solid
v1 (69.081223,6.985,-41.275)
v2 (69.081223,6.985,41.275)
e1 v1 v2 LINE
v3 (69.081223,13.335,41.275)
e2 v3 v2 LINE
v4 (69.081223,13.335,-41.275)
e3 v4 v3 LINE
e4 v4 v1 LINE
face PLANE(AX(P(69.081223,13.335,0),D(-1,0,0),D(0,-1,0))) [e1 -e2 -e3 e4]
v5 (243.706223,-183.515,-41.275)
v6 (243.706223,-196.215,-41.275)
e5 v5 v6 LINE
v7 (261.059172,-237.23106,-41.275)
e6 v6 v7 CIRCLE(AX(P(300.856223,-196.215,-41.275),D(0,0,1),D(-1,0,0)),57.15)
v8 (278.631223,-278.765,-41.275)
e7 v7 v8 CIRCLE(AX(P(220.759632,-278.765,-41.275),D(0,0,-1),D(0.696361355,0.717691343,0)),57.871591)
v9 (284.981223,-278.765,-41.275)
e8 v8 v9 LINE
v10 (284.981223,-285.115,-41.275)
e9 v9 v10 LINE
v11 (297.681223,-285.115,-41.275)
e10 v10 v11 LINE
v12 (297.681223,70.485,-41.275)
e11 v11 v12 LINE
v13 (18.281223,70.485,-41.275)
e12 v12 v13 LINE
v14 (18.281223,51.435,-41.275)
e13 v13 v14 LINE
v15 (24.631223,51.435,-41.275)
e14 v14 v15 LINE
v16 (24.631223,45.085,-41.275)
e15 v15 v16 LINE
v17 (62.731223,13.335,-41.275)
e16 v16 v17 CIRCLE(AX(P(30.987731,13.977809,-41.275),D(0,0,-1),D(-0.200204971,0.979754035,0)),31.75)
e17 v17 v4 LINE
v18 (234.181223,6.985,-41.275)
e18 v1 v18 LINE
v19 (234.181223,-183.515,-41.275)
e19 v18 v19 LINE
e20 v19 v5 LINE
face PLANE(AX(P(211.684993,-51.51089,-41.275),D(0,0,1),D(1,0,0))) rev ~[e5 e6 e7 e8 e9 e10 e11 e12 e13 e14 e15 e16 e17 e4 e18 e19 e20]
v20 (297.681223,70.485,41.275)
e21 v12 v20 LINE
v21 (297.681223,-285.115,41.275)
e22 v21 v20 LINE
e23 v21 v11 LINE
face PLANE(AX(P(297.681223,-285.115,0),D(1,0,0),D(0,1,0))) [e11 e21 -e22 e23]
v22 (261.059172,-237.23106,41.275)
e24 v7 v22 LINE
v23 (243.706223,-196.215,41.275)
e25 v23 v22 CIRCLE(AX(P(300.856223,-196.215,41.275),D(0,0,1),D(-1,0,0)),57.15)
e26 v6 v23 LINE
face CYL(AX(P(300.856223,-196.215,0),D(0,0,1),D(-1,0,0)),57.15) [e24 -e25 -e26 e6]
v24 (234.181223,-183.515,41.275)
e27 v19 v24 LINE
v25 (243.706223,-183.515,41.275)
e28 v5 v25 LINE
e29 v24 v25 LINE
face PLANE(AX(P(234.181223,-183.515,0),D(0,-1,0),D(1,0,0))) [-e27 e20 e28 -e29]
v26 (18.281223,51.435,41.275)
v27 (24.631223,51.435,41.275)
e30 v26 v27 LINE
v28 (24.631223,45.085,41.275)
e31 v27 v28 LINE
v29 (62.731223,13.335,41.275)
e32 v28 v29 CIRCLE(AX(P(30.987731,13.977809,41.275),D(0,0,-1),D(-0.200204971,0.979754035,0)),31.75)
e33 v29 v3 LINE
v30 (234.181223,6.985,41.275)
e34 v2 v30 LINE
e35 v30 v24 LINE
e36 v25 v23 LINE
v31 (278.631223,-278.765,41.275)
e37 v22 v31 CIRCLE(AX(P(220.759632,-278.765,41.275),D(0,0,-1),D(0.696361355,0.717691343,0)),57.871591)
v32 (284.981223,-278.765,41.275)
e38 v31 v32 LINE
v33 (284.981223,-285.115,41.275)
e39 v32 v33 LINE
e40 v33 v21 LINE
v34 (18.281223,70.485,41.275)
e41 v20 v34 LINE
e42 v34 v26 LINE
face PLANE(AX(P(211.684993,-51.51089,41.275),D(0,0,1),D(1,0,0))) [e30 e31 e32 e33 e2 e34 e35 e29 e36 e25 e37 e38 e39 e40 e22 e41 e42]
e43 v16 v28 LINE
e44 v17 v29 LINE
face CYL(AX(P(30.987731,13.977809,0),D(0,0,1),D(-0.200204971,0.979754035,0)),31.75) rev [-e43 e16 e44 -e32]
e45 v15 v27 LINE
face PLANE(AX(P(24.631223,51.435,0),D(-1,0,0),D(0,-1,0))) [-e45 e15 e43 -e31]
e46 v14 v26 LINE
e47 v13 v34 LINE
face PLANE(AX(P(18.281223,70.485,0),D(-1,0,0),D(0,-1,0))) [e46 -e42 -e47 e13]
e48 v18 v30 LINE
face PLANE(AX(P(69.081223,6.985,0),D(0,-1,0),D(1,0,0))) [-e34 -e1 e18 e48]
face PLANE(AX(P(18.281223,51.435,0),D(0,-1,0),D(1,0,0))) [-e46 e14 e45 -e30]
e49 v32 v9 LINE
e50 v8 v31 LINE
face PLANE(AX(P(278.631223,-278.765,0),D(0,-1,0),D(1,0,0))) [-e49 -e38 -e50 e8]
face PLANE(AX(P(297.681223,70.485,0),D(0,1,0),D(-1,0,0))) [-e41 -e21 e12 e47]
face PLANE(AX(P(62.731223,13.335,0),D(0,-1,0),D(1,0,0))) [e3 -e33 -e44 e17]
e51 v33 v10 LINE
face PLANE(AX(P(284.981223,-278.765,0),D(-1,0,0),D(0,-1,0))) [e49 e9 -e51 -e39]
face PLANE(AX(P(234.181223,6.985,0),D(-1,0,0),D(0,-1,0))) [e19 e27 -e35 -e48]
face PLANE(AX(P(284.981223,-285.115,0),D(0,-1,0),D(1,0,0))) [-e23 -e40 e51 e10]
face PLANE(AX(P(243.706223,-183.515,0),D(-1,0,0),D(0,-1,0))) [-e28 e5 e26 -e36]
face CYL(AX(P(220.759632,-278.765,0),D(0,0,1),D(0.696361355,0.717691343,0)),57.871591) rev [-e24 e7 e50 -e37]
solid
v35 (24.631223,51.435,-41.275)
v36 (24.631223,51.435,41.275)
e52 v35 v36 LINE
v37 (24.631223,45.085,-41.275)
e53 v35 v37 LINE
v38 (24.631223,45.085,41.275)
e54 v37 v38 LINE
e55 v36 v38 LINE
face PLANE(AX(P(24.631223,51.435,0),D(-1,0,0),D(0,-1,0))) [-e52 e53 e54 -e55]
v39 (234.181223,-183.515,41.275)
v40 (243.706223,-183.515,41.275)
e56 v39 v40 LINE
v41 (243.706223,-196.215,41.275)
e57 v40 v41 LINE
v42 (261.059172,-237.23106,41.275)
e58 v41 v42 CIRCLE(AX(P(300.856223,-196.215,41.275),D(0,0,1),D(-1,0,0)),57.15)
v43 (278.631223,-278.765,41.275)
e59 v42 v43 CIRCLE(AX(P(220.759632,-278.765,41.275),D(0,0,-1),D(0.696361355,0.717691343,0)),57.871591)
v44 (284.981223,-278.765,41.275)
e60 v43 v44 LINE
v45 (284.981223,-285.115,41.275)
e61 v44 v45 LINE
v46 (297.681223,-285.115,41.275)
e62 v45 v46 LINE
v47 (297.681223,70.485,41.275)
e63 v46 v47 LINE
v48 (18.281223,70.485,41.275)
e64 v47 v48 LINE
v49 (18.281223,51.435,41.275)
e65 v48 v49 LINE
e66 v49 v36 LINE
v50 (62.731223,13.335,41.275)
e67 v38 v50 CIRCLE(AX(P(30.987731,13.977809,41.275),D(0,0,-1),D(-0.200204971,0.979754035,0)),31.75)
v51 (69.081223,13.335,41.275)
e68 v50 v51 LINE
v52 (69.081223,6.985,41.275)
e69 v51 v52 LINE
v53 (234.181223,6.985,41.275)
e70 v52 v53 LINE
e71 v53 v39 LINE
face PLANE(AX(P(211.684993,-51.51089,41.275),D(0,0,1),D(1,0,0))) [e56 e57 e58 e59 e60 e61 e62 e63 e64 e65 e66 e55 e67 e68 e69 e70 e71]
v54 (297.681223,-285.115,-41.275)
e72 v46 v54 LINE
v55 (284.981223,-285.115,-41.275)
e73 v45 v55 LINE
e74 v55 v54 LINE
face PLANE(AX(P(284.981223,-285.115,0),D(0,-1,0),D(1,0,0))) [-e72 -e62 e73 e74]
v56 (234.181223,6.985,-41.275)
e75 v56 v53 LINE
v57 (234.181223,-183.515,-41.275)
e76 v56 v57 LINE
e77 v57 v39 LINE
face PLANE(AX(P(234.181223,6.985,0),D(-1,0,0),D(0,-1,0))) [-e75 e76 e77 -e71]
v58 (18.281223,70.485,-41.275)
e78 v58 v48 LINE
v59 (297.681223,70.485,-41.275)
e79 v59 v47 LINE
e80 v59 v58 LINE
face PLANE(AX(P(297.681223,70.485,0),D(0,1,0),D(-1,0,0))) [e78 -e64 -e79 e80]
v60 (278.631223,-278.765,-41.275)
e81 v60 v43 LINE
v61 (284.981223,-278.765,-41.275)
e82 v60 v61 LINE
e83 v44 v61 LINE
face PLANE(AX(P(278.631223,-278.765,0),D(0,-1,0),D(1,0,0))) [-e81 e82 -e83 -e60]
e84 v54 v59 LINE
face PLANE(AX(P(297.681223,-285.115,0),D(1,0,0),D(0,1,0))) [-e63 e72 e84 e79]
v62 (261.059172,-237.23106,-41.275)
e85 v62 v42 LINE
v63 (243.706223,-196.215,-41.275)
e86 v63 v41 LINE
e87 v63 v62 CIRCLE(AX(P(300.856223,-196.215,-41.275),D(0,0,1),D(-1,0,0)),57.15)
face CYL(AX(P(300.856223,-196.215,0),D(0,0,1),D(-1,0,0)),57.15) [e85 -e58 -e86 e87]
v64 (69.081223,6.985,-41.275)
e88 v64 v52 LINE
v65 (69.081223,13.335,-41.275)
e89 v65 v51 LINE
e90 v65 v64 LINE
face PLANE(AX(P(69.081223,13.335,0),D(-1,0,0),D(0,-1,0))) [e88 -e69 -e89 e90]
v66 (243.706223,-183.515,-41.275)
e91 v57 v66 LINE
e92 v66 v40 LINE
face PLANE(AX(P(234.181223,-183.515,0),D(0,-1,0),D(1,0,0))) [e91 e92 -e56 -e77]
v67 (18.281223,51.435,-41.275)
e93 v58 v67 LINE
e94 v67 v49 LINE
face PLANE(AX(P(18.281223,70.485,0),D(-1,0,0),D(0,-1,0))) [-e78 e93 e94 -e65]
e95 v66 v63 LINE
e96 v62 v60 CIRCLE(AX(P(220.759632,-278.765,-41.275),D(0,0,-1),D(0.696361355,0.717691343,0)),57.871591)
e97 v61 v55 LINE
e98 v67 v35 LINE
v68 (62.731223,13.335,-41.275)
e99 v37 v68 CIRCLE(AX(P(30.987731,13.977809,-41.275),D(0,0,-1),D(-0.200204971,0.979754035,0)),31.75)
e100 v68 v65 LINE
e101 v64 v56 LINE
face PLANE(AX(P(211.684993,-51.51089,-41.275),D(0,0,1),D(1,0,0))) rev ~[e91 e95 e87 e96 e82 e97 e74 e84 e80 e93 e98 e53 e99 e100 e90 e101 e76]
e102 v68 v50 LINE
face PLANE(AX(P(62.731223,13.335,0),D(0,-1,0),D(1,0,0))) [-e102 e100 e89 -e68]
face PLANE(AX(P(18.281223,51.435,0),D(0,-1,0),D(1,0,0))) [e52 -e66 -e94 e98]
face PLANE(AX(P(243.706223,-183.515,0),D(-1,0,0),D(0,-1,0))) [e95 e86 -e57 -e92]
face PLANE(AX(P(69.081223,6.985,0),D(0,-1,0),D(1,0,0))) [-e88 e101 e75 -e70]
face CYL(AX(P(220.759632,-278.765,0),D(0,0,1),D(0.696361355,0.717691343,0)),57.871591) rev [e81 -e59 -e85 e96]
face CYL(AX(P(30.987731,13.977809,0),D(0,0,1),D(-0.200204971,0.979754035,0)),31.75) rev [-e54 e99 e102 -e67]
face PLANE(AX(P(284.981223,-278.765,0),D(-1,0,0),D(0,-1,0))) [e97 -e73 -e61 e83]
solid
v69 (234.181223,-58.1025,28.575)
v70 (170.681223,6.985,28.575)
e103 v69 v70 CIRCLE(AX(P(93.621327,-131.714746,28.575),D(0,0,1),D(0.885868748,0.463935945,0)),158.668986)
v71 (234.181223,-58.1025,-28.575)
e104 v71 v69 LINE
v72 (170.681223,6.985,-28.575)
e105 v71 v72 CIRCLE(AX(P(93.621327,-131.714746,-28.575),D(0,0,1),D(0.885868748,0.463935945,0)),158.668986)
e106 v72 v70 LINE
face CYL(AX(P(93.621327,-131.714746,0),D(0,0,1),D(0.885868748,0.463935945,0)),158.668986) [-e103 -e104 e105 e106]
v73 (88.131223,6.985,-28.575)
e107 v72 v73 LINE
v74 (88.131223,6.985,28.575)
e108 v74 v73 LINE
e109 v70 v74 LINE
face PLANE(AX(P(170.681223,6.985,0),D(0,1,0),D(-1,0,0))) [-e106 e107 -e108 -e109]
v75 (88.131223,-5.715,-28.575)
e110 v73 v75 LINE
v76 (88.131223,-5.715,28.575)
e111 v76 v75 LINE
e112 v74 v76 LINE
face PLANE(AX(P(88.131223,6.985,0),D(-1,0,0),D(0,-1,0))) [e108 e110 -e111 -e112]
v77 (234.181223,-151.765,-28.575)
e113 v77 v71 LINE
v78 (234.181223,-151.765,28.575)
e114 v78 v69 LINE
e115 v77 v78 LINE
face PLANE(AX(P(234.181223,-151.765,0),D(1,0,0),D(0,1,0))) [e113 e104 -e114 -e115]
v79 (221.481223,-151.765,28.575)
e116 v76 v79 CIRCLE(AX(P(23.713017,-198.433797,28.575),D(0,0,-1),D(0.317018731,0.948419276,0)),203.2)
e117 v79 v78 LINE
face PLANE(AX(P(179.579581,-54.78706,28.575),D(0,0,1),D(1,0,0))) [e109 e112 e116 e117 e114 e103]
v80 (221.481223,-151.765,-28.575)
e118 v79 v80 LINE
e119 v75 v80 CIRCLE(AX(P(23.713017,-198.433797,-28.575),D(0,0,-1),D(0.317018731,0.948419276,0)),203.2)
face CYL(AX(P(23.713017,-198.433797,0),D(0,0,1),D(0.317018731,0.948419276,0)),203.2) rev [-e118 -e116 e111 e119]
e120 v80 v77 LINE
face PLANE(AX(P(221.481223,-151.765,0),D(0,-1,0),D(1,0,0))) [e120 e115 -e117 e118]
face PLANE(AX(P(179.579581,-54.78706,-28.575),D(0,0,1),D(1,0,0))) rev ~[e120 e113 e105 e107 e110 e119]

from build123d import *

# Parameters (mm, degrees)
BOSS_EXTRUDE1_DEPTH = 41.275
BOSS_EXTRUDE2_DEPTH = 28.575
BOSS_EXTRUDE3_DEPTH = 41.275


with BuildPart() as part:
    # Sketch1 → Boss-Extrude1 (new body, symmetric)
    with BuildSketch(Plane.XY):
        with BuildLine():
            Line((297.681223016, -285.115), (297.681223016, 70.485))
            Line((297.681223016, 70.485), (18.281223016, 70.485))
            Line((18.281223016, 70.485), (18.281223016, 51.435))
            Line((18.281223016, 51.435), (24.631223016, 51.435))
            Line((24.631223016, 51.435), (24.631223016, 45.085))
            ThreePointArc((24.631223016, 45.085), (51.31358552, 38.368835005), (62.731223016, 13.335))
            Line((62.731223016, 13.335), (69.081223016, 13.335))
            Line((69.081223016, 13.335), (69.081223016, 6.985))
            Line((69.081223016, 6.985), (234.181223016, 6.985))
            Line((234.181223016, 6.985), (234.181223016, -183.515))
            Line((234.181223016, -183.515), (243.706223016, -183.515))
            Line((243.706223016, -183.515), (243.706223016, -196.215))
            ThreePointArc((243.706223016, -196.215), (248.222944617, -218.482925476), (261.059171573, -237.231060226))
            ThreePointArc((261.059171573, -237.231060226), (274.057472101, -256.215913848), (278.631223016, -278.765))
            Line((278.631223016, -278.765), (284.981223016, -278.765))
            Line((284.981223016, -278.765), (284.981223016, -285.115))
            Line((284.981223016, -285.115), (297.681223016, -285.115))
        make_face()
    extrude(amount=BOSS_EXTRUDE1_DEPTH, both=True)


with BuildPart() as body_2:
    # Sketch1_3 → Boss-Extrude2 (new body, symmetric)
    with BuildSketch(Plane.XY):
        with BuildLine():
            Line((221.481223016, -151.765), (234.181223016, -151.765))
            Line((234.181223016, -151.765), (234.181223016, -58.1025))
            ThreePointArc((234.181223016, -58.1025), (207.193723016, -20.912408537), (170.681223016, 6.985))
            Line((170.681223016, 6.985), (88.131223016, 6.985))
            Line((88.131223016, 6.985), (88.131223016, -5.715))
            ThreePointArc((88.131223016, -5.715), (173.773269169, -61.422262208), (221.481223016, -151.765))
        make_face()
    extrude(amount=BOSS_EXTRUDE2_DEPTH, both=True)


with BuildPart() as body_3:
    # Sketch1_4 → Boss-Extrude3 (new body, symmetric)
    with BuildSketch(Plane.XY):
        with BuildLine():
            Line((297.681223016, -285.115), (297.681223016, 70.485))
            Line((297.681223016, 70.485), (18.281223016, 70.485))
            Line((18.281223016, 70.485), (18.281223016, 51.435))
            Line((18.281223016, 51.435), (24.631223016, 51.435))
            Line((24.631223016, 51.435), (24.631223016, 45.085))
            ThreePointArc((24.631223016, 45.085), (51.31358552, 38.368835005), (62.731223016, 13.335))
            Line((62.731223016, 13.335), (69.081223016, 13.335))
            Line((69.081223016, 13.335), (69.081223016, 6.985))
            Line((69.081223016, 6.985), (234.181223016, 6.985))
            Line((234.181223016, 6.985), (234.181223016, -183.515))
            Line((234.181223016, -183.515), (243.706223016, -183.515))
            Line((243.706223016, -183.515), (243.706223016, -196.215))
            ThreePointArc((243.706223016, -196.215), (248.222944617, -218.482925476), (261.059171573, -237.231060226))
            ThreePointArc((261.059171573, -237.231060226), (274.057472101, -256.215913848), (278.631223016, -278.765))
            Line((278.631223016, -278.765), (284.981223016, -278.765))
            Line((284.981223016, -278.765), (284.981223016, -285.115))
            Line((284.981223016, -285.115), (297.681223016, -285.115))
        make_face()
    extrude(amount=BOSS_EXTRUDE3_DEPTH, both=True)


solid = Compound([part.part, body_2.part, body_3.part])
